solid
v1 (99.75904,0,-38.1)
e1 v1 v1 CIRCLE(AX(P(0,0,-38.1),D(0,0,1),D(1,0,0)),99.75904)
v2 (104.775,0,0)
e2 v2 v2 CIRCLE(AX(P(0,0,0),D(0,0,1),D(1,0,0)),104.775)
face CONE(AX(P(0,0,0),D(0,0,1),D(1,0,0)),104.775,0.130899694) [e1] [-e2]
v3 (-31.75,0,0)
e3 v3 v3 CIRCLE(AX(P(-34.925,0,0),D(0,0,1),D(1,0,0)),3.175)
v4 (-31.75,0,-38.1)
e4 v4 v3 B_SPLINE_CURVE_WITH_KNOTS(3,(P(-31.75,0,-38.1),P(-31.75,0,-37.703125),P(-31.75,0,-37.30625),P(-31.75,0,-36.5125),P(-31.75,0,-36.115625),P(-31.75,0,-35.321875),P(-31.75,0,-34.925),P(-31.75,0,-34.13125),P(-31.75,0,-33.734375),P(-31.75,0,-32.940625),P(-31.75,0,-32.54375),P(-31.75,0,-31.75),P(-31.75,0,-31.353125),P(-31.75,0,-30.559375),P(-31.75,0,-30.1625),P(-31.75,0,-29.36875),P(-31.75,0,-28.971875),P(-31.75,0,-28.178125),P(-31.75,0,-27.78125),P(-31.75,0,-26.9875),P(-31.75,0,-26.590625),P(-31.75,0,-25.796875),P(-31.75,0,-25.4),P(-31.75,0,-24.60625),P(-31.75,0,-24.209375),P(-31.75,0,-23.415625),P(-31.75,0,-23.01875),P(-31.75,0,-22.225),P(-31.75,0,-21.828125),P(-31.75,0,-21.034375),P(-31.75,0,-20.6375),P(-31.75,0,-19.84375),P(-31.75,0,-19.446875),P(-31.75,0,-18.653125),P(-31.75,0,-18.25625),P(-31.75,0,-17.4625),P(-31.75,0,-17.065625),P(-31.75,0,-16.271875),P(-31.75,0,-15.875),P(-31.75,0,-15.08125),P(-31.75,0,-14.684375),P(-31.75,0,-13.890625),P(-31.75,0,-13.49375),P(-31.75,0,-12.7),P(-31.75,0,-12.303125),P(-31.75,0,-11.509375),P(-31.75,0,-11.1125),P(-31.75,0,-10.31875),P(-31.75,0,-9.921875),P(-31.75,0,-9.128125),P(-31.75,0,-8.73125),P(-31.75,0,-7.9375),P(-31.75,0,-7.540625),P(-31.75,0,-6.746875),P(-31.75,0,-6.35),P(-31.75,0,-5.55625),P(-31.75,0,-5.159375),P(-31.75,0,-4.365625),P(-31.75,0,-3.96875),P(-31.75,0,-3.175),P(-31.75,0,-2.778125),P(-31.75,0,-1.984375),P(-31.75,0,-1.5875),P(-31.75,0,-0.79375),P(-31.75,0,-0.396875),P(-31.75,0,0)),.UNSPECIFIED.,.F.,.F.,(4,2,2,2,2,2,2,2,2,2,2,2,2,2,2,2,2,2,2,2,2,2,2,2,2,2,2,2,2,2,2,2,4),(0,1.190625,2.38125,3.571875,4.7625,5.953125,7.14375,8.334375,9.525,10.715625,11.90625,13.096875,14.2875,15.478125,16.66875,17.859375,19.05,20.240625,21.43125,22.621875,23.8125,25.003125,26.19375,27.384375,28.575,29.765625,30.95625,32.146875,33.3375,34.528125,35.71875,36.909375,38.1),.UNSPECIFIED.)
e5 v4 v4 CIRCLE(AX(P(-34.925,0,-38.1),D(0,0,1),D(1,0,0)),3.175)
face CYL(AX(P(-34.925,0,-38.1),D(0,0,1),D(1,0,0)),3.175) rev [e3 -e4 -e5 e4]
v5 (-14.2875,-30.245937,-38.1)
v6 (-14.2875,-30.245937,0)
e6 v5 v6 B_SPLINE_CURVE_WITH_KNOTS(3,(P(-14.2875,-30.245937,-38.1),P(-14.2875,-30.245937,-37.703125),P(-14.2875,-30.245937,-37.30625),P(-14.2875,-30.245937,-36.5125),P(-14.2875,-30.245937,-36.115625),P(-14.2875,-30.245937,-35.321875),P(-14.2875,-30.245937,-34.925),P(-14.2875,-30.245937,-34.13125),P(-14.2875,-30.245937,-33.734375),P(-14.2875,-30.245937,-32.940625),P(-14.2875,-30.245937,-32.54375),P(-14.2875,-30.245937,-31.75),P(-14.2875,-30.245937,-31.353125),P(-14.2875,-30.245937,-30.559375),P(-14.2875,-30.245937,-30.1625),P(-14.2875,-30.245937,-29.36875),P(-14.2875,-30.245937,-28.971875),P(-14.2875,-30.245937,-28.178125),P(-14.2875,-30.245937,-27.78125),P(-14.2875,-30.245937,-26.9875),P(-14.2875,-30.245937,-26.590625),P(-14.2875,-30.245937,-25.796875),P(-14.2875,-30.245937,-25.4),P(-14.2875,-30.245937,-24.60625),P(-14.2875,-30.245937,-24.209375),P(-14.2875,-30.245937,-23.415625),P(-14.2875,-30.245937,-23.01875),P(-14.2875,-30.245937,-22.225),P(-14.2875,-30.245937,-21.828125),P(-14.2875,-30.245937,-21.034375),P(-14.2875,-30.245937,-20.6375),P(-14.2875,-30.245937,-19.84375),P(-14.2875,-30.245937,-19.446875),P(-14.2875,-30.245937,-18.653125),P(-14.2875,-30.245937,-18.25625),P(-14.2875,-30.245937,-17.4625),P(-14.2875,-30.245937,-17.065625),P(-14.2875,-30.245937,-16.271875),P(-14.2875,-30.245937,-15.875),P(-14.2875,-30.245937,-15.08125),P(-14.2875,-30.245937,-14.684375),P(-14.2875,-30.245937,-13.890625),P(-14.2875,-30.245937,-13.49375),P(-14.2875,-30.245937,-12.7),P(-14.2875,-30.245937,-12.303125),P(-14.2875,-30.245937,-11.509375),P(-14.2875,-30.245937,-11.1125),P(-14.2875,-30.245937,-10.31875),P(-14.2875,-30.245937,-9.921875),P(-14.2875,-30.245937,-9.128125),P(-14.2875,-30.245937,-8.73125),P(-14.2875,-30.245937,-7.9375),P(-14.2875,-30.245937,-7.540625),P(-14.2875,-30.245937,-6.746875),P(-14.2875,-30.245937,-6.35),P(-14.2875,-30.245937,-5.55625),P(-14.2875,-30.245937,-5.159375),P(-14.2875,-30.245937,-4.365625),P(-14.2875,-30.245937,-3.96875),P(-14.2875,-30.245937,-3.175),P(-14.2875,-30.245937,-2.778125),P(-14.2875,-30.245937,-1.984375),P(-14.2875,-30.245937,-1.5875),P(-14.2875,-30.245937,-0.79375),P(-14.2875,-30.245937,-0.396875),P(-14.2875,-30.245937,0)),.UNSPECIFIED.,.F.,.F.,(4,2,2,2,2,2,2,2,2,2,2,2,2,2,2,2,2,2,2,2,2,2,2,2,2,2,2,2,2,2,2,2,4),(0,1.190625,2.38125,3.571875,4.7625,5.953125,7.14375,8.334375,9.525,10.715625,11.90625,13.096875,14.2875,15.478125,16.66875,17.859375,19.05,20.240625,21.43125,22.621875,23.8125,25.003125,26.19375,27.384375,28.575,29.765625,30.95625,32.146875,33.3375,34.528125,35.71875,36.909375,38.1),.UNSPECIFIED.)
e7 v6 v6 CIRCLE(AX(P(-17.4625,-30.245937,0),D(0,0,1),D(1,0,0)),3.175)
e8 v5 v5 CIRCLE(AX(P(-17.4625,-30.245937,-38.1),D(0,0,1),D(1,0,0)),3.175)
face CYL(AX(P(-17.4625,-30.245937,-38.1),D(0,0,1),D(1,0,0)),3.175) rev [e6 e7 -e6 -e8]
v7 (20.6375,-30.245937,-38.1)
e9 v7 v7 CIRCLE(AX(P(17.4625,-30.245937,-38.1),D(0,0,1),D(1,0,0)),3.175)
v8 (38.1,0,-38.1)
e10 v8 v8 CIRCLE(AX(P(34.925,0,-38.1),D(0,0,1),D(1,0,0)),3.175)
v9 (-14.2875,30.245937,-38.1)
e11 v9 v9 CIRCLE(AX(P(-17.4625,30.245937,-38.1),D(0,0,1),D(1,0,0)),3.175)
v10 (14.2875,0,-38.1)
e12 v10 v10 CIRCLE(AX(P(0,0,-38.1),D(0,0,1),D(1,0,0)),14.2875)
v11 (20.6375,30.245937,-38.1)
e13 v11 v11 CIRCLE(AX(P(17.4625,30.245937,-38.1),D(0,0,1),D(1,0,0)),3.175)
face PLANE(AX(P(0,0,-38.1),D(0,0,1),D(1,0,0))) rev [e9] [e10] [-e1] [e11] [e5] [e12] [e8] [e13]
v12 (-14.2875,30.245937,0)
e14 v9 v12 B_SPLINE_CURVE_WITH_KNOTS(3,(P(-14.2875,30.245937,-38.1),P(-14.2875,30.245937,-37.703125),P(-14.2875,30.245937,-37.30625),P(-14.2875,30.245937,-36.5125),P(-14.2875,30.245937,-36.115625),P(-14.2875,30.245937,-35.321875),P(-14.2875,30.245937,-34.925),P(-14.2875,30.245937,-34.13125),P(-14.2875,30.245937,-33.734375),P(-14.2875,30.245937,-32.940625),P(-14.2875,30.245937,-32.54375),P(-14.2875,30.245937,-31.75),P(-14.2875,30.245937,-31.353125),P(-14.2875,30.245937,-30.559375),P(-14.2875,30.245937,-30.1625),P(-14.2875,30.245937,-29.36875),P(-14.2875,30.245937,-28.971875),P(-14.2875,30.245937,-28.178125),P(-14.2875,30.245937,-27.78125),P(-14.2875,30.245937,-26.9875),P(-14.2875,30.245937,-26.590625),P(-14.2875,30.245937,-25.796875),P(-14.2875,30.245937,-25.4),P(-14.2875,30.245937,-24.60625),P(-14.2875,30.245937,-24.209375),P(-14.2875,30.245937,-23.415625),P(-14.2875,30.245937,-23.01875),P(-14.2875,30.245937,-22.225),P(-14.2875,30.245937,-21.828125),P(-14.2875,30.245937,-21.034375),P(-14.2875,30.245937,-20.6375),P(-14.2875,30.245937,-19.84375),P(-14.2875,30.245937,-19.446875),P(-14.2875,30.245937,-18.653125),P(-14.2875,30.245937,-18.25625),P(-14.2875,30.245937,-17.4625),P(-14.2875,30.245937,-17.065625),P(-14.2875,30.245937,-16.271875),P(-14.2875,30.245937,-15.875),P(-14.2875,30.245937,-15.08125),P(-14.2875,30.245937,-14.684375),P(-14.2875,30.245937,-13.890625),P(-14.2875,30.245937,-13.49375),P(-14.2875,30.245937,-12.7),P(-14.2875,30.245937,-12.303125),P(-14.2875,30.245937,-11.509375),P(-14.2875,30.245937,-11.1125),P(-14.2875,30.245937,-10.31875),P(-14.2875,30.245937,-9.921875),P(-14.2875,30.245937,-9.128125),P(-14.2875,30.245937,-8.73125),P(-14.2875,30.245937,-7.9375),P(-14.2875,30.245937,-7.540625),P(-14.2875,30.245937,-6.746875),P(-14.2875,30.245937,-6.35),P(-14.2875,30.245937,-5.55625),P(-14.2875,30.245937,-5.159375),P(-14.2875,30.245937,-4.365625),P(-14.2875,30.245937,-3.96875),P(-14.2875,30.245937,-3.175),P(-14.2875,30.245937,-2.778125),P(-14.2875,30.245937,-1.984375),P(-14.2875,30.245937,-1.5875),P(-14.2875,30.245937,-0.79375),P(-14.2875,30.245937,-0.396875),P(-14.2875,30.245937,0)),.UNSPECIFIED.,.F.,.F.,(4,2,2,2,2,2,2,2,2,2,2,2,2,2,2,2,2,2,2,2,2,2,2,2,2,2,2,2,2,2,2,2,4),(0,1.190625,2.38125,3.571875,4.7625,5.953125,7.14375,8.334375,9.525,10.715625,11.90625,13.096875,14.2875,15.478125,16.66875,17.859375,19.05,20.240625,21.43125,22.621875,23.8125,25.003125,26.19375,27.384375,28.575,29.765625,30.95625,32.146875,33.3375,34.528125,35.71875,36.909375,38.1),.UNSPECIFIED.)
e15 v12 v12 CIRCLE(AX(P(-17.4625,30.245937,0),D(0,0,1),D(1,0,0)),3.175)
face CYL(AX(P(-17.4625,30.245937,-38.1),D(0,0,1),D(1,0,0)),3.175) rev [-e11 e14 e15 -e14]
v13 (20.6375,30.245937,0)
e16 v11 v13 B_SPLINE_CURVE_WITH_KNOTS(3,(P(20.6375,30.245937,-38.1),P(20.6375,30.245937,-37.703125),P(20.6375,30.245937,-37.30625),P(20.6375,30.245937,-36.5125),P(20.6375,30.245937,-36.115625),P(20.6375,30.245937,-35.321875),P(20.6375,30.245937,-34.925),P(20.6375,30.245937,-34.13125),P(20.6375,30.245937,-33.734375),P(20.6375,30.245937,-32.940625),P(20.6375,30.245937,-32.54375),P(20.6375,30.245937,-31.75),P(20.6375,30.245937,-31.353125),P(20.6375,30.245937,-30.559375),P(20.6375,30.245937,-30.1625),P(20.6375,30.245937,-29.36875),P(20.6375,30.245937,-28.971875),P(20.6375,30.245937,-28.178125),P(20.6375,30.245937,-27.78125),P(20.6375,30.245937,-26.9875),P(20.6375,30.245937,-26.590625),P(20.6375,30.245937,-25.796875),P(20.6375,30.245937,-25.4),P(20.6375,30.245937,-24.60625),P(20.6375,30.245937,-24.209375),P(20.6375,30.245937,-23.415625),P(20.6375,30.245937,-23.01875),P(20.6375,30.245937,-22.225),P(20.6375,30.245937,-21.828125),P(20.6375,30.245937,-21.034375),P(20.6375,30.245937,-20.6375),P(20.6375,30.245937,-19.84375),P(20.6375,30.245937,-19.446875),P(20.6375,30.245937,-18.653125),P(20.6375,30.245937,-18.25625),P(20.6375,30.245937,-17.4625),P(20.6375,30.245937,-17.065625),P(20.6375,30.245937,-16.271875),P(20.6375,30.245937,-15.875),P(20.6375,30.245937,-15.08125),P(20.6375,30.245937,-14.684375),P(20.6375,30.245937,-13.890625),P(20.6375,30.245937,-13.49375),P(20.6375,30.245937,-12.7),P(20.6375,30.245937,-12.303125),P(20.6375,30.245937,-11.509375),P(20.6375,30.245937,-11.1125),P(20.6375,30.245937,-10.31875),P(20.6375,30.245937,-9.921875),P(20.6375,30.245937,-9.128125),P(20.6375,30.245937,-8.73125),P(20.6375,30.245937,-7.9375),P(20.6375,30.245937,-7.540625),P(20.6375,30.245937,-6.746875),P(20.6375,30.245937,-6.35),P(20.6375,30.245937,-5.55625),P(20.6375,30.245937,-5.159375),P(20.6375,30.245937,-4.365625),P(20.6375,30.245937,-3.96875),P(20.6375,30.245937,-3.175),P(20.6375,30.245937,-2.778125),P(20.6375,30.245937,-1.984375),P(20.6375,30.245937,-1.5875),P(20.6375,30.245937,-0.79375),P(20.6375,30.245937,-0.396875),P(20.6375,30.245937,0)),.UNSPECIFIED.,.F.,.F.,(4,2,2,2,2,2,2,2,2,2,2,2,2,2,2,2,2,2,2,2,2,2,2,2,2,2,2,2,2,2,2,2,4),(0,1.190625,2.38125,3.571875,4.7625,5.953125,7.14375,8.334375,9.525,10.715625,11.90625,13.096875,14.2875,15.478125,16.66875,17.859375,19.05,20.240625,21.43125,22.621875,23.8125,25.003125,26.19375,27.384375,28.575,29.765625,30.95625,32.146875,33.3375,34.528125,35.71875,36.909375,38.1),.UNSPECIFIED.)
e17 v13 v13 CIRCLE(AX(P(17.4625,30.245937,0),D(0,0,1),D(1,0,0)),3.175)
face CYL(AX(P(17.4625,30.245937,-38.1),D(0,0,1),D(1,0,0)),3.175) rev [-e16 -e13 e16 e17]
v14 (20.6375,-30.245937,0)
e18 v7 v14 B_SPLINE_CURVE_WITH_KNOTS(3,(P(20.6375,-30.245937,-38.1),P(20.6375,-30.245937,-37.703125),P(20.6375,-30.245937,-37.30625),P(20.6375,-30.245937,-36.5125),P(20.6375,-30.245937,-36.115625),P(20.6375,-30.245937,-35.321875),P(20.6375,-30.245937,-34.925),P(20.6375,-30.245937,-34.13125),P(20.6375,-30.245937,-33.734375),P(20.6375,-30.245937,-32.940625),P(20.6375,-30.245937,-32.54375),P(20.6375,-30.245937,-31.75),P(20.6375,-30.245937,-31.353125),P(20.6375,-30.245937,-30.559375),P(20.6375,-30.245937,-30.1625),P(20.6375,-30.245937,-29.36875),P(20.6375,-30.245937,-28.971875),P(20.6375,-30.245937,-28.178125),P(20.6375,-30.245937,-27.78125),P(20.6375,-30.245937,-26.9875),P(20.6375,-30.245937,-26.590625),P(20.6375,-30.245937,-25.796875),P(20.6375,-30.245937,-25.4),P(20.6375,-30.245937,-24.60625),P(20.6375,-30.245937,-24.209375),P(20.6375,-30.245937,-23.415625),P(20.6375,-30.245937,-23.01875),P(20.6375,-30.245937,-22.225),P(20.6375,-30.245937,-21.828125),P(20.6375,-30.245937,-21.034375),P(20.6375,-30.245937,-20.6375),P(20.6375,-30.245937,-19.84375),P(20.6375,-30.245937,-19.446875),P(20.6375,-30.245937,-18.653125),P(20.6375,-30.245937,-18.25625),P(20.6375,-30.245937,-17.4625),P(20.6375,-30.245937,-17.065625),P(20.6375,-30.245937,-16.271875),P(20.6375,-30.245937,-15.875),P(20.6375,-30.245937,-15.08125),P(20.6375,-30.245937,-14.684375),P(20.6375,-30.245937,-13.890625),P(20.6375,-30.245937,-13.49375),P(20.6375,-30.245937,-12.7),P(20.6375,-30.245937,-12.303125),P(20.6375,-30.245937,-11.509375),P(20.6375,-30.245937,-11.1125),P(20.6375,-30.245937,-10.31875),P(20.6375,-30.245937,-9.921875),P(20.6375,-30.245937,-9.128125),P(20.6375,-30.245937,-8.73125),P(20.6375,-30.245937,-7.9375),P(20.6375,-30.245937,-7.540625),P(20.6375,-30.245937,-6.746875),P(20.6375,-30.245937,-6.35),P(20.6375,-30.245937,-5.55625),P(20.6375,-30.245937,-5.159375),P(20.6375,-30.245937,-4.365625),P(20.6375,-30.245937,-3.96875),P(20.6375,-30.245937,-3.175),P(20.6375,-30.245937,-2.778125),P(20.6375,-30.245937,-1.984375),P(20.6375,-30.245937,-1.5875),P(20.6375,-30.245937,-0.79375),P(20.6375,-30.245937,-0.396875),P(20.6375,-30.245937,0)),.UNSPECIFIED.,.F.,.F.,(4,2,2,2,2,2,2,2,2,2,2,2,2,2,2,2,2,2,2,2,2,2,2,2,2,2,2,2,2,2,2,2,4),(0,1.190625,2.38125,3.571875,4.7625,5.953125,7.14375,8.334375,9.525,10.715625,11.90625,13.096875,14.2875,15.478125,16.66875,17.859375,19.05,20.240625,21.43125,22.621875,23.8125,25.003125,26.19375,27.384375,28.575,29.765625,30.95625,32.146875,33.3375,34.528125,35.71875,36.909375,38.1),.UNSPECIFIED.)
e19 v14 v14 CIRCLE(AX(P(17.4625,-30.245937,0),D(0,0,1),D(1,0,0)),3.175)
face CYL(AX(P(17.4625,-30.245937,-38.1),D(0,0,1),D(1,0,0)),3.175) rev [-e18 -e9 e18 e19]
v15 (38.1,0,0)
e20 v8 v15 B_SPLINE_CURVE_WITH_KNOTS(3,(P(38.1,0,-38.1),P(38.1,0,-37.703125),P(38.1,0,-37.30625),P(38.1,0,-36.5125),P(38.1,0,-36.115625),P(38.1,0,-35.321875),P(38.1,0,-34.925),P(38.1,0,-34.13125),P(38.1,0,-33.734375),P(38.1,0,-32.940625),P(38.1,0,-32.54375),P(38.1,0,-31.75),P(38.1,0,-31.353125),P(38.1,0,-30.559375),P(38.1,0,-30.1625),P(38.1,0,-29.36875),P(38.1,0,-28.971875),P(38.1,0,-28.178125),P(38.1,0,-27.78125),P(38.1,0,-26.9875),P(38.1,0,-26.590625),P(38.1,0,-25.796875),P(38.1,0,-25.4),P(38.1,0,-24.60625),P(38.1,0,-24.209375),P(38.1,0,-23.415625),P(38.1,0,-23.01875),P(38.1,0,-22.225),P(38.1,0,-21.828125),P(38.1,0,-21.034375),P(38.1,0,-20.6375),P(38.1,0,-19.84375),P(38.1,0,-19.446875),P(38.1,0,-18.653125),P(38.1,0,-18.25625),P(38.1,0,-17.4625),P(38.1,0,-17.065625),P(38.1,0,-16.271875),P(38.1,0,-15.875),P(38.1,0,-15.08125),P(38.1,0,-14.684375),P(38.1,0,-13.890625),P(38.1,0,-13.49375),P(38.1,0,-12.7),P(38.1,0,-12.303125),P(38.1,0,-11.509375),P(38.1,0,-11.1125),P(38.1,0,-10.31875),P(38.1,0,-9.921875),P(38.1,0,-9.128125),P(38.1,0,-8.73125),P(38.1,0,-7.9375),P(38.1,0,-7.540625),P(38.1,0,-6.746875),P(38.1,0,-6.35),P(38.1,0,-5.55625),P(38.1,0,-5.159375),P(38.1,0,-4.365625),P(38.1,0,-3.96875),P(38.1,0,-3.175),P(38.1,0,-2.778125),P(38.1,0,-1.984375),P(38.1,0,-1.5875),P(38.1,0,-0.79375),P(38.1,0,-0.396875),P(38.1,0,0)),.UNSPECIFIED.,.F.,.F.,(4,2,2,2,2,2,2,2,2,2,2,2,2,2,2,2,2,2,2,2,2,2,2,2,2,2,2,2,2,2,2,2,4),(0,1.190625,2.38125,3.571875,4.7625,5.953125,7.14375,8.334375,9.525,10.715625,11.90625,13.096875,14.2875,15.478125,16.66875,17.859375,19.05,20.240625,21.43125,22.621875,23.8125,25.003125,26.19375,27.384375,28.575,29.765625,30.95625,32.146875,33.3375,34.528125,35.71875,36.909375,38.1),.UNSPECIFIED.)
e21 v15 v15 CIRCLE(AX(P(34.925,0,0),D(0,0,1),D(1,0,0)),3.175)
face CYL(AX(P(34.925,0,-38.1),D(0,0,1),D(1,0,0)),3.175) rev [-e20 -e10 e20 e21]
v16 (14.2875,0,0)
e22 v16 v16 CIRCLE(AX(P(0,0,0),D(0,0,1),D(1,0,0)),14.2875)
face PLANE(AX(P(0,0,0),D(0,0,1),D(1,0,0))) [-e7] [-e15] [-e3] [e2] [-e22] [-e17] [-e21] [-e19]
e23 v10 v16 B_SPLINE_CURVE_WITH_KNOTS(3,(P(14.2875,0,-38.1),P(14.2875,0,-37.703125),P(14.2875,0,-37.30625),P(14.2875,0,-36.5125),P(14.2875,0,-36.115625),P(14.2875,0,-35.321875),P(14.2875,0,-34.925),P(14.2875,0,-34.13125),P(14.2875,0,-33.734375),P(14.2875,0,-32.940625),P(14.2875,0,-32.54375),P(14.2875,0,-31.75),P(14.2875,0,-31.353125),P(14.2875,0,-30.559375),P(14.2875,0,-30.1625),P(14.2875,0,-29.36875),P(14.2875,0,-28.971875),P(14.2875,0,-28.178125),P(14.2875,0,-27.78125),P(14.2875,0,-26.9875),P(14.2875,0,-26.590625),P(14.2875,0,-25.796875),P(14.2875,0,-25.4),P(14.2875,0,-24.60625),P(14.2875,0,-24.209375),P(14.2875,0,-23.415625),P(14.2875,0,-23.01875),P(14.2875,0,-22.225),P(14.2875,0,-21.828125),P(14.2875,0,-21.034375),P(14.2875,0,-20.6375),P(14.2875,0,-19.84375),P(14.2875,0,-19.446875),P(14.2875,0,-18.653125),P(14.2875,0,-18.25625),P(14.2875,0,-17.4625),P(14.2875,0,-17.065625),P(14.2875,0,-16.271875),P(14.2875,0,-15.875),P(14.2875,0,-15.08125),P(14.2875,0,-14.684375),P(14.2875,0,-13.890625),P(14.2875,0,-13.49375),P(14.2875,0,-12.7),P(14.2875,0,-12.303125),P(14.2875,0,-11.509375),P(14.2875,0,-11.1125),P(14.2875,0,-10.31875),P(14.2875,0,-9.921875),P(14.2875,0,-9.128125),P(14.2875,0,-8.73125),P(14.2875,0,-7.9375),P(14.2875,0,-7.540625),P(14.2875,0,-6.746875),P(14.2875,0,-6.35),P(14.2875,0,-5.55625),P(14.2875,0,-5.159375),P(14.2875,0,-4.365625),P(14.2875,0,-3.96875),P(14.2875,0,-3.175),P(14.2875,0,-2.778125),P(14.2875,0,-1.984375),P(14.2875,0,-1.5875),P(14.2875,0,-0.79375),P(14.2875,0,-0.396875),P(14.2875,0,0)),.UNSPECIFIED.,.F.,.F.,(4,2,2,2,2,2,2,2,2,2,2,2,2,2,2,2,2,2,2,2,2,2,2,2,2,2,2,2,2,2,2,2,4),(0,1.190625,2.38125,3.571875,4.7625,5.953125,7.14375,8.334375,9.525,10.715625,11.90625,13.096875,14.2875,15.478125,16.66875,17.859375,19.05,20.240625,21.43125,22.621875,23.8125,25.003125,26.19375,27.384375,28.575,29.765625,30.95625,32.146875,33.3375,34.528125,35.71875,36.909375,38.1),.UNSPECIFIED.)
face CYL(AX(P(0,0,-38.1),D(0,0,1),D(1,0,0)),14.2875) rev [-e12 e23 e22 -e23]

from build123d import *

# Parameters (mm, degrees)
SKETCH1_R           = 104.775
BOSS_EXTRUDE1_DEPTH = 38.1
BOSS_EXTRUDE1_DRAFT = -7.5
SKETCH2_R           = 14.2875
CUT_EXTRUDE1_DEPTH  = 153.9941543
SKETCH3_R           = 3.175
CUT_EXTRUDE2_DEPTH  = 38.1


with BuildPart() as part:
    # Sketch1 → Boss-Extrude1 (with draft: the straight prism first)
    with BuildSketch(Plane.XY):
        Circle(SKETCH1_R)
    extrude(amount=-BOSS_EXTRUDE1_DEPTH)
    # Boss-Extrude1: the draft: its side faces are tilted about the plane it starts from
    boss_extrude1_sides = [part.faces().sort_by_distance(p)[0] for p in [
        (-104.775, 0, -19.05),
    ]]
    draft(boss_extrude1_sides, Plane.XY, BOSS_EXTRUDE1_DRAFT)

    # Sketch2 → Cut-Extrude1 (cut, through all)
    with BuildSketch(Plane.XY):
        Circle(SKETCH2_R)
    extrude(amount=-CUT_EXTRUDE1_DEPTH, mode=Mode.SUBTRACT)

    # Sketch3 → Cut-Extrude2 (cut)
    with BuildSketch(Plane.XY):
        with Locations((34.925, 0)):
            Circle(SKETCH3_R)
        with Locations((17.4625, -30.245937227)):
            Circle(SKETCH3_R)
        with Locations((-17.4625, -30.245937227)):
            Circle(SKETCH3_R)
        with Locations((-34.925, 0)):
            Circle(SKETCH3_R)
        with Locations((-17.4625, 30.245937227)):
            Circle(SKETCH3_R)
        with Locations((17.4625, 30.245937227)):
            Circle(SKETCH3_R)
    extrude(amount=-CUT_EXTRUDE2_DEPTH, mode=Mode.SUBTRACT)


solid = part.part
